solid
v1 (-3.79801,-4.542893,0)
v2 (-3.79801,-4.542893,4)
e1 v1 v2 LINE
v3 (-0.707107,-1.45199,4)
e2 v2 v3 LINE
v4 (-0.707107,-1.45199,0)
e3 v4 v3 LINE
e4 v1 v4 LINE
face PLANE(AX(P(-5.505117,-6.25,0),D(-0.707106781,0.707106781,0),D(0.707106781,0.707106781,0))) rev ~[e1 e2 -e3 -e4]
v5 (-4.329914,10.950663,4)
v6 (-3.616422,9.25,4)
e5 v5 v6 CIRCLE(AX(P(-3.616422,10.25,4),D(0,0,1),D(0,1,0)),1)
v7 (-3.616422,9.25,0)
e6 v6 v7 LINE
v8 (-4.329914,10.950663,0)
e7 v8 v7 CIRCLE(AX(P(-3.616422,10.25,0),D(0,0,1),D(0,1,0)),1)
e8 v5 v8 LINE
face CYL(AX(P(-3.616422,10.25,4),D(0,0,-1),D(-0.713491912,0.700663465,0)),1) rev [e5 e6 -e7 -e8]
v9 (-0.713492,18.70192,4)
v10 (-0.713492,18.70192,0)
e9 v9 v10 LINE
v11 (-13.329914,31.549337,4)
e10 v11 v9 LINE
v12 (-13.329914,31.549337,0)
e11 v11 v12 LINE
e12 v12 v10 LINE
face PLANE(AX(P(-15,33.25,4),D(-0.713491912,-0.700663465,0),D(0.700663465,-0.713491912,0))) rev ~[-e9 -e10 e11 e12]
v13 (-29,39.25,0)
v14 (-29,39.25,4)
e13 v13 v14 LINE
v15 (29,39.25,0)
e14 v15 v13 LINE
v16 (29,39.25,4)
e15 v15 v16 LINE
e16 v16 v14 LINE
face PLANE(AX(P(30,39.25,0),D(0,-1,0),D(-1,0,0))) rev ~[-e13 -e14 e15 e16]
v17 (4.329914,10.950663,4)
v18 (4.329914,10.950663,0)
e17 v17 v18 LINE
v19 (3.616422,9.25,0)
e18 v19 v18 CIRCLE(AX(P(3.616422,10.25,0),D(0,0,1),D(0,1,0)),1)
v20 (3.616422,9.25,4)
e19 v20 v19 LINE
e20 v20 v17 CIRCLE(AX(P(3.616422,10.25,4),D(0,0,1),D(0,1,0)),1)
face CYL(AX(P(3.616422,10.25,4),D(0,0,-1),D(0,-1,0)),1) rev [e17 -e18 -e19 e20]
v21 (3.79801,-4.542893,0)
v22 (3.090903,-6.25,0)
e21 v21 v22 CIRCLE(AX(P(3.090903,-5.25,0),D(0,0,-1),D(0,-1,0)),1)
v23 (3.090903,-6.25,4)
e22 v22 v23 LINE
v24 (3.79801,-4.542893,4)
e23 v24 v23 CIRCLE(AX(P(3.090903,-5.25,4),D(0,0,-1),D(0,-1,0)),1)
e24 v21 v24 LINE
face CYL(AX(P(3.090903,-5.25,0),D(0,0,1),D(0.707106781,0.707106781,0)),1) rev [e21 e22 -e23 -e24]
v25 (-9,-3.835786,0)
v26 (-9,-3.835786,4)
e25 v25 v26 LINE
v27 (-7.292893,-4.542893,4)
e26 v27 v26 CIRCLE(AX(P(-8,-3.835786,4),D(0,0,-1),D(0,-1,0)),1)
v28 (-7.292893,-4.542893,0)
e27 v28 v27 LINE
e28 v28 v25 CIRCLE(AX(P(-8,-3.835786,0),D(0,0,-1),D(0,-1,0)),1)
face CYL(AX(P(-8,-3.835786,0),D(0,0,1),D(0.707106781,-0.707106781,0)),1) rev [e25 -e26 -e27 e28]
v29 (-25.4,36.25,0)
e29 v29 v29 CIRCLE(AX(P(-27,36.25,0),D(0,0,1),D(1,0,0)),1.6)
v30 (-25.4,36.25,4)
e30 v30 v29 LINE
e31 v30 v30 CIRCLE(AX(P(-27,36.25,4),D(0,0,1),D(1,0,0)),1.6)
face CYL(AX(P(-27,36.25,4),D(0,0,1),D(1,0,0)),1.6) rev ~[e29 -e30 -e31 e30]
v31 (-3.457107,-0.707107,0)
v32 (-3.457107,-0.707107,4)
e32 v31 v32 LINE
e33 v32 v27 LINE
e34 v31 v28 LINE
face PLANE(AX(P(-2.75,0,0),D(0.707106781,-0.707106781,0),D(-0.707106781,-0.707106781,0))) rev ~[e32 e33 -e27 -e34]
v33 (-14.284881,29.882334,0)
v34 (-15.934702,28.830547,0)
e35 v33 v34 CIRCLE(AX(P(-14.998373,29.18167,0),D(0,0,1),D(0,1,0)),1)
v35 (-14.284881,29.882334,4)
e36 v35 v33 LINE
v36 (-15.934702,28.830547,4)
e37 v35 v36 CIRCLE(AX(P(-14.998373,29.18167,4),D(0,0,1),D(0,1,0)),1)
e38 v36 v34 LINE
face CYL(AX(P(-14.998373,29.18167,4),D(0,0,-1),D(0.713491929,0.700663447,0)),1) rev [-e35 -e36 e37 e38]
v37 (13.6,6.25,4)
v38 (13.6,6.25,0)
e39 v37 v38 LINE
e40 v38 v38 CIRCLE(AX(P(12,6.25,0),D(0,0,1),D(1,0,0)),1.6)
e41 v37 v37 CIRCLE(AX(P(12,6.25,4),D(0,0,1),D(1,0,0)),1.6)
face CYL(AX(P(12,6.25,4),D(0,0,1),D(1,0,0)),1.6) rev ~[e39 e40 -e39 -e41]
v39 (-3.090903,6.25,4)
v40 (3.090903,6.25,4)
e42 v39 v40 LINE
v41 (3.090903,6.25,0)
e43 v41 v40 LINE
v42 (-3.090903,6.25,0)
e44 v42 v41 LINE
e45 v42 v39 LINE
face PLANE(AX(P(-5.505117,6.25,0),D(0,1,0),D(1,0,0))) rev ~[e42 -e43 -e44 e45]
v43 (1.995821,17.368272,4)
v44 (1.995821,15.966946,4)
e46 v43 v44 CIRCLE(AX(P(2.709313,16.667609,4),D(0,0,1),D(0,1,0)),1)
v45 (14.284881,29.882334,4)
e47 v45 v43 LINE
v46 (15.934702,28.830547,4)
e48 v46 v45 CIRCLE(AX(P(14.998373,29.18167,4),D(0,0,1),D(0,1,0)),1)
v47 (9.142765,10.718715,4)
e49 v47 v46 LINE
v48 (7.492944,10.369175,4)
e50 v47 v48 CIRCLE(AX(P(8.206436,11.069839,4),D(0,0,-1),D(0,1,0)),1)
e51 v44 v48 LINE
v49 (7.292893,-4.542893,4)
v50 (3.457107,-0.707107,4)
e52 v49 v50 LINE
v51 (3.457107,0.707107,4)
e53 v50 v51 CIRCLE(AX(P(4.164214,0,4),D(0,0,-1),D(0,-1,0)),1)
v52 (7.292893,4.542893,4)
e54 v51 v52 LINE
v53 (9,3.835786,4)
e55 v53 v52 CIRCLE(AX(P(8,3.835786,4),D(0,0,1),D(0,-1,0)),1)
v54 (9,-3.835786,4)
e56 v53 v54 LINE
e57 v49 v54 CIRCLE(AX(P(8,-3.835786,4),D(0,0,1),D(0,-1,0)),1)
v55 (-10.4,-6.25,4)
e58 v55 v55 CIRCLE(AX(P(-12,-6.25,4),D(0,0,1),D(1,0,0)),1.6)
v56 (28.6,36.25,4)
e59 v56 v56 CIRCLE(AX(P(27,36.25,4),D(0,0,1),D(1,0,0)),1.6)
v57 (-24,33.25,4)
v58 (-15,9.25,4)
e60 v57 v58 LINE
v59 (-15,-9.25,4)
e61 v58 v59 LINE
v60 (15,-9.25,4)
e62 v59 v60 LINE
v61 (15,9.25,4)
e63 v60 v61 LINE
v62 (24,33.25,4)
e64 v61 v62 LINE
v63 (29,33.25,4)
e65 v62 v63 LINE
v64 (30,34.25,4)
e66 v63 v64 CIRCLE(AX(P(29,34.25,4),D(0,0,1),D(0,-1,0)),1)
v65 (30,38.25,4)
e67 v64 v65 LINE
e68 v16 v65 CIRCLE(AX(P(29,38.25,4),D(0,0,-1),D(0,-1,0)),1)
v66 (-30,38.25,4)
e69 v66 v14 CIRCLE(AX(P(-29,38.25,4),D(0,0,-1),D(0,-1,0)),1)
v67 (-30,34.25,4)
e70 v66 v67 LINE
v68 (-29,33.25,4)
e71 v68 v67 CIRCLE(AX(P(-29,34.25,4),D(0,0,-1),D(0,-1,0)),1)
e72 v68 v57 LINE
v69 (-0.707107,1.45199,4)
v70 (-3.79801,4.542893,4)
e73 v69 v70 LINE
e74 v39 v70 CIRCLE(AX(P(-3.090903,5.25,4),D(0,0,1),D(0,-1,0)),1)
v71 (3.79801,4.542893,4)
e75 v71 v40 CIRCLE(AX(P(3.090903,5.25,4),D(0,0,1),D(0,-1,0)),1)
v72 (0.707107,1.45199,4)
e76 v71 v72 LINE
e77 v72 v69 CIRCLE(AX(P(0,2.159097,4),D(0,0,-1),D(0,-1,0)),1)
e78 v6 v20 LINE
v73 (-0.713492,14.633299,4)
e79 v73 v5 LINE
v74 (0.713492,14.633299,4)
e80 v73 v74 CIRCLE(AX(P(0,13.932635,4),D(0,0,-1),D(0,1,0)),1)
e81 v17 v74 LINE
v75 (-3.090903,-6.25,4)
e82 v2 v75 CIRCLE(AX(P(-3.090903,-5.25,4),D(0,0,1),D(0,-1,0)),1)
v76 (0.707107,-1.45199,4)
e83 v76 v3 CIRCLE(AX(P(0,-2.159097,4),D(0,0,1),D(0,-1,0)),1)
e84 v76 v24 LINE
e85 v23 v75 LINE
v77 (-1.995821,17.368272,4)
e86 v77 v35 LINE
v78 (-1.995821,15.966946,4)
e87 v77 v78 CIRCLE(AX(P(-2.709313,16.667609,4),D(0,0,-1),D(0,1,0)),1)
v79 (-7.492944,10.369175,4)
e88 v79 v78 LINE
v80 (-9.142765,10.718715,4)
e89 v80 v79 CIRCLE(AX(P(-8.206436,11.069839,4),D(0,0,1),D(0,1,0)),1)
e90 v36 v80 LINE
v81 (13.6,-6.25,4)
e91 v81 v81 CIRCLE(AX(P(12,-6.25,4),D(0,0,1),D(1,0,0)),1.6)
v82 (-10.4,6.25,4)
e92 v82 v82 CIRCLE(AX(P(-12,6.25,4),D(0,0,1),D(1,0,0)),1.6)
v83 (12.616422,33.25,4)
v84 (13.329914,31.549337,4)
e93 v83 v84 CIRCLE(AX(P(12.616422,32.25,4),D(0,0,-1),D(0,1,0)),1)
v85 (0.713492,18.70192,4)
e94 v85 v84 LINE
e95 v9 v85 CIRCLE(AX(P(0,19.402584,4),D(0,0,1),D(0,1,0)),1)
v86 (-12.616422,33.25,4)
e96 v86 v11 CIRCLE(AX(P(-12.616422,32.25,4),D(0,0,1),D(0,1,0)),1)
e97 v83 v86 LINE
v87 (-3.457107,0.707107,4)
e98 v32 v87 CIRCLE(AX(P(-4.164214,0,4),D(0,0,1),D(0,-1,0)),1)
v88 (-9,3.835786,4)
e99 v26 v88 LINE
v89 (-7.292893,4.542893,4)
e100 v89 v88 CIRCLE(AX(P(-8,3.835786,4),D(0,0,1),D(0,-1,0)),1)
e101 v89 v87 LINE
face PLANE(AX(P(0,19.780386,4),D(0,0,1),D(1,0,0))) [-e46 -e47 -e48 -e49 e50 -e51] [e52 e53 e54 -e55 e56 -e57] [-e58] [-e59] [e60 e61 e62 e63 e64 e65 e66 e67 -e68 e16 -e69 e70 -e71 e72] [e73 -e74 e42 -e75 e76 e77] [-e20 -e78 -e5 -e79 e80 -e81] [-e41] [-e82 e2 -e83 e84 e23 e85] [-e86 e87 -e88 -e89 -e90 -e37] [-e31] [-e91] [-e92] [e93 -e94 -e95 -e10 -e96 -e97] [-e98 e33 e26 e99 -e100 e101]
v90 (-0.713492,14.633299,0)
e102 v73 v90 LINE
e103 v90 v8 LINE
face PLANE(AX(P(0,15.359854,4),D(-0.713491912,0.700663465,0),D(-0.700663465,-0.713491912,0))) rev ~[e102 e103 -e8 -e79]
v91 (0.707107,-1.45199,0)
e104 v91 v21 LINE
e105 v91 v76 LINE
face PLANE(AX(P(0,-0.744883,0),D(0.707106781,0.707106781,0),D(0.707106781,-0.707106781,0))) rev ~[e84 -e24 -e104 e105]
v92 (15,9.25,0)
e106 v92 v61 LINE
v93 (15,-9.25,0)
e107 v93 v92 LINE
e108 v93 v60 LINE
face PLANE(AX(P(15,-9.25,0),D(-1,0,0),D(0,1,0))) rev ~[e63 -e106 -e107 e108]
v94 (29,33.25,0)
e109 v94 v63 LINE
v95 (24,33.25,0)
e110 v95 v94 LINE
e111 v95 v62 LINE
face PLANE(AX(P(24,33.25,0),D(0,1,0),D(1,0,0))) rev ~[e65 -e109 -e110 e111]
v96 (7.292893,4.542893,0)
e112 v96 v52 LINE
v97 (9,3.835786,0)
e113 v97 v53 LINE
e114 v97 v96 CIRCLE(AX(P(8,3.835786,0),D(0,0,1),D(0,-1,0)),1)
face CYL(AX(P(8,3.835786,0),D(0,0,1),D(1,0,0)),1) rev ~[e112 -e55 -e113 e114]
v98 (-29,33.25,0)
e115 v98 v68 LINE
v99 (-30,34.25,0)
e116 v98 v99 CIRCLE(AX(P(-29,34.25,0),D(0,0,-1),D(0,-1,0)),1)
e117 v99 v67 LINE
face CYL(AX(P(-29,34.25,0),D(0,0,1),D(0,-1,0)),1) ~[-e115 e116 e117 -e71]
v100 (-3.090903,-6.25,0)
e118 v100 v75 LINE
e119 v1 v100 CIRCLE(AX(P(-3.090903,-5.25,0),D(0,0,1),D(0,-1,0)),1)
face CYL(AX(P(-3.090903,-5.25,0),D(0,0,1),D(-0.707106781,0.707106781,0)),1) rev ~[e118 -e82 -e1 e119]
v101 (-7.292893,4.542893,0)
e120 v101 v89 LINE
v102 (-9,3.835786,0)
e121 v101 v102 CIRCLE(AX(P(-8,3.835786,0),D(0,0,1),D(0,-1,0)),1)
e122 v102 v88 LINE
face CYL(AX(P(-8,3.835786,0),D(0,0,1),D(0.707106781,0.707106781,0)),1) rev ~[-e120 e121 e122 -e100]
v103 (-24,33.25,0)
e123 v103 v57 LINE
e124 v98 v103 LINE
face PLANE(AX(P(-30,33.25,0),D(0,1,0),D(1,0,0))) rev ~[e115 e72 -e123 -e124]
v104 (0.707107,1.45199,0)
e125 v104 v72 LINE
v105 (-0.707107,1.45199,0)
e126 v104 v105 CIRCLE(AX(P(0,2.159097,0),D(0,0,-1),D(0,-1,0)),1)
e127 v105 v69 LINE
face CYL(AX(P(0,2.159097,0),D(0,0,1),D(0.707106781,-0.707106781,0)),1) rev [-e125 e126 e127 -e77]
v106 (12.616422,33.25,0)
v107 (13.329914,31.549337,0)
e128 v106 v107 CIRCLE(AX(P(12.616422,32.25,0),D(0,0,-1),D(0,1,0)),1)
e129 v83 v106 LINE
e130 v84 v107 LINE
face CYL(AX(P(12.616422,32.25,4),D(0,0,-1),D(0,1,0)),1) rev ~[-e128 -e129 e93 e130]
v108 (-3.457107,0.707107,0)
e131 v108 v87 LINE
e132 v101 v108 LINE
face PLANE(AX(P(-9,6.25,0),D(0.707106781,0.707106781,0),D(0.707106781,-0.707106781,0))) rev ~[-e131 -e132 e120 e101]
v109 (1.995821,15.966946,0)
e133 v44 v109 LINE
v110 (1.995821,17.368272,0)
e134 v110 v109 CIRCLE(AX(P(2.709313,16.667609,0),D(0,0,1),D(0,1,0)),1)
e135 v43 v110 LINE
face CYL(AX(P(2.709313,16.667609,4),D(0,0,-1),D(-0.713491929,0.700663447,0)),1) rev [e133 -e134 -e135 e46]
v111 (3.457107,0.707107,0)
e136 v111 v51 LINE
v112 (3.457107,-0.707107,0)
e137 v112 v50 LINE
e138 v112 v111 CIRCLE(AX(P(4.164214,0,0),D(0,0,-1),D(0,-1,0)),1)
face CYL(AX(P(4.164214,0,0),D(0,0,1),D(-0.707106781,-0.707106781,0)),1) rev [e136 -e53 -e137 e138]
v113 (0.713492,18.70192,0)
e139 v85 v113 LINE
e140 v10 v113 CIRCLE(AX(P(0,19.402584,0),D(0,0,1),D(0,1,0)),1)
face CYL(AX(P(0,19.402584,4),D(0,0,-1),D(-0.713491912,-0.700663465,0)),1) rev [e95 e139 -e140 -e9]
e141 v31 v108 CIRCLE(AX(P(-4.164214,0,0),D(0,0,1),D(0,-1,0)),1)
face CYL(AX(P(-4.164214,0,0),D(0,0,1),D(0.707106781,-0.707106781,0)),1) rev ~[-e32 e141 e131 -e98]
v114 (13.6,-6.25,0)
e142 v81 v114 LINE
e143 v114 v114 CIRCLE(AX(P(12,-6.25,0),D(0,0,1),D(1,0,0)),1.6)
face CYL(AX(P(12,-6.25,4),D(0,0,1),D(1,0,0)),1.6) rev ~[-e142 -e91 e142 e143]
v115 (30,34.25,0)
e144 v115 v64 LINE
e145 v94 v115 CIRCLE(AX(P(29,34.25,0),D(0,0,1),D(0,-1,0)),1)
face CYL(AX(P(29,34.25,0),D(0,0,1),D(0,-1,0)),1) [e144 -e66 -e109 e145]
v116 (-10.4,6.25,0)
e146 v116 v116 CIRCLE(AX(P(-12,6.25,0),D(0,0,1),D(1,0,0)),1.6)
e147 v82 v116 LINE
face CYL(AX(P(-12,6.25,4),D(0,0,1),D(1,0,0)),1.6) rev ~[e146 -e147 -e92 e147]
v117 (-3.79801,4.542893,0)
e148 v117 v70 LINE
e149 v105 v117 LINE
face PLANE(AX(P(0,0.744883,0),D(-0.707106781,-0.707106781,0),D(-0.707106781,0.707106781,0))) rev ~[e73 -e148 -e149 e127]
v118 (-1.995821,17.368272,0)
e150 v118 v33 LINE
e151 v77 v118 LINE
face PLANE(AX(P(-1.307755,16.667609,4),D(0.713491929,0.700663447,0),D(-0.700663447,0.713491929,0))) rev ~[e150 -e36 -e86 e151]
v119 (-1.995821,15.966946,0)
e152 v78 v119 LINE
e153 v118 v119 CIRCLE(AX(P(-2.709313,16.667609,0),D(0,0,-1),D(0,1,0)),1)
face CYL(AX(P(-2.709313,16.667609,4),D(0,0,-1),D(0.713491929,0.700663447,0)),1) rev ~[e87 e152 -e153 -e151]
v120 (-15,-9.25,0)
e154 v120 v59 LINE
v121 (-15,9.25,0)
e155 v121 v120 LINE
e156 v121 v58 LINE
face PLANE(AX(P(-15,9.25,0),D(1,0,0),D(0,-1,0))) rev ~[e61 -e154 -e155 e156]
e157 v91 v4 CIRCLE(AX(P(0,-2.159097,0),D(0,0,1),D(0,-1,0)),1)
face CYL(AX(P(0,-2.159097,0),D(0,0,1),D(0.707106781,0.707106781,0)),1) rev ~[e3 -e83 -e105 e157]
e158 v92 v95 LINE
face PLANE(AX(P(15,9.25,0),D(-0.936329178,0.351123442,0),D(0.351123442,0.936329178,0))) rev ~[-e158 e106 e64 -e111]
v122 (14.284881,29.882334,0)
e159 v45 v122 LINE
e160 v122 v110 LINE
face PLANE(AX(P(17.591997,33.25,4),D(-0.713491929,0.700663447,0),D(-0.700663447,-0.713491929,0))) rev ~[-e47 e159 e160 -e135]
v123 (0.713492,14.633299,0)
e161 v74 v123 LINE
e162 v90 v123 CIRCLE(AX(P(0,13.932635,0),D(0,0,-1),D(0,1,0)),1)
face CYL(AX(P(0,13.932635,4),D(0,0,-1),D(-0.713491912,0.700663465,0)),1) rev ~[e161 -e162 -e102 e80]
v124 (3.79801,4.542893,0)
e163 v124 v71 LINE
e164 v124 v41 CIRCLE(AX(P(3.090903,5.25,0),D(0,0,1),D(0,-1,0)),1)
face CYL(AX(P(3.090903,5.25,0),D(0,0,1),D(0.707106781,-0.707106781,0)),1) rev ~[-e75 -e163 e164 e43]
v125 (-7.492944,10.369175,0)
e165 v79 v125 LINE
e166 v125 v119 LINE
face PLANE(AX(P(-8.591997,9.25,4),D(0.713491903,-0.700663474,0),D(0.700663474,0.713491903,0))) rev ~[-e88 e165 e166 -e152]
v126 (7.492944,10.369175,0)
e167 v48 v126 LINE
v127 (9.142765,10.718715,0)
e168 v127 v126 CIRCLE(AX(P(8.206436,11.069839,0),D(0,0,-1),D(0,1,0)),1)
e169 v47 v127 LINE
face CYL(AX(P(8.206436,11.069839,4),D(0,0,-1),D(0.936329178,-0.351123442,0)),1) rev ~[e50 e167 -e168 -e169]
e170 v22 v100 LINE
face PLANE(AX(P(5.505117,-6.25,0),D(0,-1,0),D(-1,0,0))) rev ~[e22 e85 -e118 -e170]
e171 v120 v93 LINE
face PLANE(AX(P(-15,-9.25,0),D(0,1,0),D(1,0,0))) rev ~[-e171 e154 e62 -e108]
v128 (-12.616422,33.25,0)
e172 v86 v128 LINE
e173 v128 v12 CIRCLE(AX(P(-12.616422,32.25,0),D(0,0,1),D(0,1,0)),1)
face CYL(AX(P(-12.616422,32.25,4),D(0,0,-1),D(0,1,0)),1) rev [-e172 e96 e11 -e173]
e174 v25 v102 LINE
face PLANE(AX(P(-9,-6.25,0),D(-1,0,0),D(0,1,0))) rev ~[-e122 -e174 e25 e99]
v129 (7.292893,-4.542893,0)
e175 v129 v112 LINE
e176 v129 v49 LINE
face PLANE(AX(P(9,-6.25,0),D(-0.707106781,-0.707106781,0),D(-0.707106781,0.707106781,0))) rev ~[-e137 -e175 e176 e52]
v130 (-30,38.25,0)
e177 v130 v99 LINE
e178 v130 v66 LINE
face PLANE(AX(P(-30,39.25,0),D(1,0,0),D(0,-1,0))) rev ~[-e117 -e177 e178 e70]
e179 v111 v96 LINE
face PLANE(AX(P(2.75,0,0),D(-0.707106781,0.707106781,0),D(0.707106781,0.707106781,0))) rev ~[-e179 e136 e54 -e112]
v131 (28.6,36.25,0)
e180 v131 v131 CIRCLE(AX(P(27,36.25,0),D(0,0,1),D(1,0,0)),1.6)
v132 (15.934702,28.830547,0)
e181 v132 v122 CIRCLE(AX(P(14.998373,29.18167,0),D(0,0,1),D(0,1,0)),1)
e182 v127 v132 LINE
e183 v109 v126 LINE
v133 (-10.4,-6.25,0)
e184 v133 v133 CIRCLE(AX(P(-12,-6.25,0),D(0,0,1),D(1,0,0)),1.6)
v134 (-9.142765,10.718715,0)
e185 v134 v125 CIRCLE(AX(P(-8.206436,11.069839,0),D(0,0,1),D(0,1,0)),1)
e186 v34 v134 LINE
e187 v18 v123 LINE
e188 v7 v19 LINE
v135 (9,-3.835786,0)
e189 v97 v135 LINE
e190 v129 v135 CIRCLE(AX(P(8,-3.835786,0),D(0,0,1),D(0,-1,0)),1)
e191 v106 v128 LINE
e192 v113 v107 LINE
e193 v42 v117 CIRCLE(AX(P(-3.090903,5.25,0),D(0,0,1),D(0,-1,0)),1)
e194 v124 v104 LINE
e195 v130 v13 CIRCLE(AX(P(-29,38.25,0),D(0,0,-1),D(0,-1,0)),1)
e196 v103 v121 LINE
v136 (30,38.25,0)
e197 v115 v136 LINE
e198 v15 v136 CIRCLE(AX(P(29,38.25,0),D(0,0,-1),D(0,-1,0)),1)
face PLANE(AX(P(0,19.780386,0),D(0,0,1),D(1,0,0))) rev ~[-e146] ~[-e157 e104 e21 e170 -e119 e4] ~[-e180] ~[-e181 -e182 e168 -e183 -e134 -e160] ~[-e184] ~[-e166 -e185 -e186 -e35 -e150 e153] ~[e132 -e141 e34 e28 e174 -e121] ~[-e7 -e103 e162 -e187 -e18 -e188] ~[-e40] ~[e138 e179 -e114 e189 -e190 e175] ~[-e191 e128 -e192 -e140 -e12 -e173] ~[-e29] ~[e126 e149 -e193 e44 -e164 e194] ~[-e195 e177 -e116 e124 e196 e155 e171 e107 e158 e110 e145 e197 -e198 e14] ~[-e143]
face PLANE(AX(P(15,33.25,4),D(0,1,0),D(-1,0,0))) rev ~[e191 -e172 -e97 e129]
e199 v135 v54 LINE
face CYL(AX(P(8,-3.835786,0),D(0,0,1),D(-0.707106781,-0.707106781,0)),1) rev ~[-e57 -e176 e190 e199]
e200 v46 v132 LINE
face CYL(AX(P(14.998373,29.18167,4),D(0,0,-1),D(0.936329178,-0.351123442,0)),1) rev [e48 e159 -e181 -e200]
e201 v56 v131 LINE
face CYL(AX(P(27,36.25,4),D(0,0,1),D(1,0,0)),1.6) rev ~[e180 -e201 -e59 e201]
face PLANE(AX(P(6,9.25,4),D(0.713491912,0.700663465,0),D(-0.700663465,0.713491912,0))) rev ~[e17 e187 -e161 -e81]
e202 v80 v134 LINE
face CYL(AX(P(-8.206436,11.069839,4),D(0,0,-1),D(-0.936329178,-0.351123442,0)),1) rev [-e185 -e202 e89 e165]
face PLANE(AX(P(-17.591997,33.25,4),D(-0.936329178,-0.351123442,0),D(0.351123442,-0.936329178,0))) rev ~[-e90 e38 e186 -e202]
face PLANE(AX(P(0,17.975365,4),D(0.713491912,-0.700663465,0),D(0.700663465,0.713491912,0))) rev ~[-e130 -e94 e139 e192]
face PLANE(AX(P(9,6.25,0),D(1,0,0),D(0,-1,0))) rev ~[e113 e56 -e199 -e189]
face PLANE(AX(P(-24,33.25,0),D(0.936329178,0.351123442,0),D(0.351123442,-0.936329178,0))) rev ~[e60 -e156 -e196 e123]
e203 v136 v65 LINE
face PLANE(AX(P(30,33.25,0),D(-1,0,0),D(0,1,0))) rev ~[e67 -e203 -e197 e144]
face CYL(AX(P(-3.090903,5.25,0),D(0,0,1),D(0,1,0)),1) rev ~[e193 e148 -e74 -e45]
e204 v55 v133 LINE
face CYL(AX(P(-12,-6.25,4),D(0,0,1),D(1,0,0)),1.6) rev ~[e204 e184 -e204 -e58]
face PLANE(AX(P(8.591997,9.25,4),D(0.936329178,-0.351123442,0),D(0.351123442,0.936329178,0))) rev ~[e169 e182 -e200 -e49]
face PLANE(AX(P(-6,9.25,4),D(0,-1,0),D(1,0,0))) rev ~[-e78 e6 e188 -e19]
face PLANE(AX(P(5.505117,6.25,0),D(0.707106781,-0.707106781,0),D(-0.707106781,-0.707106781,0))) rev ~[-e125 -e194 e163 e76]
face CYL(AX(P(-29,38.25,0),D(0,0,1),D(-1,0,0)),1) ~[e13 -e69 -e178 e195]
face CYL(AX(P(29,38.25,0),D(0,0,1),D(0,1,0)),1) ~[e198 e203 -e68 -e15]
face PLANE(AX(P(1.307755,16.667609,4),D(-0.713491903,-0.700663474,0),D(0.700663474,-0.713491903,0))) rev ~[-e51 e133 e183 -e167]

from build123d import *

# Parameters (mm, degrees)
F1_DEPTH = 4
F2_R     = 1.6
F3_DEPTH = 4
F5_DEPTH = 4
F6_R     = 1
F7_R     = 1
F9_DEPTH = 4
F10_R    = 1


with BuildPart() as f1:
    # F0 (on Top) → F1 (new body)
    with BuildSketch(Plane.XY):
        Polygon((-15, 9.25), (-15, -9.25), (15, -9.25), (15, 9.25), (24, 33.25), (30, 33.25), (30, 39.25), (-30, 39.25), (-30, 33.25), (-24, 33.25), align=None)
    extrude(amount=F1_DEPTH)

    # F2 (on face) → F3 (cut, through all)
    with BuildSketch(Plane.XY.offset(4)):
        with Locations((-12, 6.25)):
            Circle(F2_R)
        with Locations((12, 6.25)):
            Circle(F2_R)
        with Locations((-12, -6.25)):
            Circle(F2_R)
        with Locations((12, -6.25)):
            Circle(F2_R)
        with Locations((27, 36.25)):
            Circle(F2_R)
        with Locations((-27, 36.25)):
            Circle(F2_R)
    extrude(amount=-F3_DEPTH, mode=Mode.SUBTRACT)

    # F4 (on face) → F5 (cut, through all)
    with BuildSketch(Plane.XY.offset(4)):
        Polygon((-1.307755, 16.667609), (-17.591997, 33.25), (-8.591997, 9.25), align=None)
        Polygon((8.591997, 9.25), (17.591997, 33.25), (1.307755, 16.667609), align=None)
        Polygon((15, 33.25), (-15, 33.25), (0, 17.975365), align=None)
        Polygon((0, 15.359854), (-6, 9.25), (6, 9.25), align=None)
    extrude(amount=-F5_DEPTH, mode=Mode.SUBTRACT)

    # F6
    f6_edges = [f1.edges().sort_by_distance(p)[0] for p in [
        (17.591997, 33.25, 2),
        (15, 33.25, 2),
        (-15, 33.25, 2),
        (-17.591997, 33.25, 2),
        (0, 17.975365, 2),
        (8.591997, 9.25, 2),
        (-8.591997, 9.25, 2),
        (-6, 9.25, 2),
        (6, 9.25, 2),
        (0, 15.359854, 2),
        (-1.307755, 16.667609, 2),
        (1.307755, 16.667609, 2),
    ]]
    fillet(f6_edges, radius=F6_R)

    # F7
    f7_edges = [f1.edges().sort_by_distance(p)[0] for p in [
        (30, 39.25, 2),
        (30, 33.25, 2),
        (-30, 33.25, 2),
        (-30, 39.25, 2),
    ]]
    fillet(f7_edges, radius=F7_R)

    # F8 (on face) → F9 (cut, through all)
    with BuildSketch(Plane(origin=(0, 0, 0), x_dir=(1, 0, 0), z_dir=(0, 0, -1))):
        Polygon((-9, 6.25), (-9, -6.25), (-2.75, 0), align=None)
        Polygon((0, -0.744883), (-5.505117, -6.25), (5.505117, -6.25), align=None)
        Polygon((2.75, 0), (9, -6.25), (9, 6.25), align=None)
        Polygon((5.505117, 6.25), (-5.505117, 6.25), (0, 0.744883), align=None)
    extrude(amount=-F9_DEPTH, mode=Mode.SUBTRACT)

    # F10
    f10_edges = [f1.edges().sort_by_distance(p)[0] for p in [
        (-9, 6.25, 2),
        (-5.505117, 6.25, 2),
        (5.505117, 6.25, 2),
        (9, 6.25, 2),
        (-9, -6.25, 2),
        (-2.75, 0, 2),
        (5.505117, -6.25, 2),
        (9, -6.25, 2),
        (2.75, 0, 2),
        (0, -0.744883, 2),
        (-5.505117, -6.25, 2),
        (0, 0.744883, 2),
    ]]
    fillet(f10_edges, radius=F10_R)


solid = f1.part
